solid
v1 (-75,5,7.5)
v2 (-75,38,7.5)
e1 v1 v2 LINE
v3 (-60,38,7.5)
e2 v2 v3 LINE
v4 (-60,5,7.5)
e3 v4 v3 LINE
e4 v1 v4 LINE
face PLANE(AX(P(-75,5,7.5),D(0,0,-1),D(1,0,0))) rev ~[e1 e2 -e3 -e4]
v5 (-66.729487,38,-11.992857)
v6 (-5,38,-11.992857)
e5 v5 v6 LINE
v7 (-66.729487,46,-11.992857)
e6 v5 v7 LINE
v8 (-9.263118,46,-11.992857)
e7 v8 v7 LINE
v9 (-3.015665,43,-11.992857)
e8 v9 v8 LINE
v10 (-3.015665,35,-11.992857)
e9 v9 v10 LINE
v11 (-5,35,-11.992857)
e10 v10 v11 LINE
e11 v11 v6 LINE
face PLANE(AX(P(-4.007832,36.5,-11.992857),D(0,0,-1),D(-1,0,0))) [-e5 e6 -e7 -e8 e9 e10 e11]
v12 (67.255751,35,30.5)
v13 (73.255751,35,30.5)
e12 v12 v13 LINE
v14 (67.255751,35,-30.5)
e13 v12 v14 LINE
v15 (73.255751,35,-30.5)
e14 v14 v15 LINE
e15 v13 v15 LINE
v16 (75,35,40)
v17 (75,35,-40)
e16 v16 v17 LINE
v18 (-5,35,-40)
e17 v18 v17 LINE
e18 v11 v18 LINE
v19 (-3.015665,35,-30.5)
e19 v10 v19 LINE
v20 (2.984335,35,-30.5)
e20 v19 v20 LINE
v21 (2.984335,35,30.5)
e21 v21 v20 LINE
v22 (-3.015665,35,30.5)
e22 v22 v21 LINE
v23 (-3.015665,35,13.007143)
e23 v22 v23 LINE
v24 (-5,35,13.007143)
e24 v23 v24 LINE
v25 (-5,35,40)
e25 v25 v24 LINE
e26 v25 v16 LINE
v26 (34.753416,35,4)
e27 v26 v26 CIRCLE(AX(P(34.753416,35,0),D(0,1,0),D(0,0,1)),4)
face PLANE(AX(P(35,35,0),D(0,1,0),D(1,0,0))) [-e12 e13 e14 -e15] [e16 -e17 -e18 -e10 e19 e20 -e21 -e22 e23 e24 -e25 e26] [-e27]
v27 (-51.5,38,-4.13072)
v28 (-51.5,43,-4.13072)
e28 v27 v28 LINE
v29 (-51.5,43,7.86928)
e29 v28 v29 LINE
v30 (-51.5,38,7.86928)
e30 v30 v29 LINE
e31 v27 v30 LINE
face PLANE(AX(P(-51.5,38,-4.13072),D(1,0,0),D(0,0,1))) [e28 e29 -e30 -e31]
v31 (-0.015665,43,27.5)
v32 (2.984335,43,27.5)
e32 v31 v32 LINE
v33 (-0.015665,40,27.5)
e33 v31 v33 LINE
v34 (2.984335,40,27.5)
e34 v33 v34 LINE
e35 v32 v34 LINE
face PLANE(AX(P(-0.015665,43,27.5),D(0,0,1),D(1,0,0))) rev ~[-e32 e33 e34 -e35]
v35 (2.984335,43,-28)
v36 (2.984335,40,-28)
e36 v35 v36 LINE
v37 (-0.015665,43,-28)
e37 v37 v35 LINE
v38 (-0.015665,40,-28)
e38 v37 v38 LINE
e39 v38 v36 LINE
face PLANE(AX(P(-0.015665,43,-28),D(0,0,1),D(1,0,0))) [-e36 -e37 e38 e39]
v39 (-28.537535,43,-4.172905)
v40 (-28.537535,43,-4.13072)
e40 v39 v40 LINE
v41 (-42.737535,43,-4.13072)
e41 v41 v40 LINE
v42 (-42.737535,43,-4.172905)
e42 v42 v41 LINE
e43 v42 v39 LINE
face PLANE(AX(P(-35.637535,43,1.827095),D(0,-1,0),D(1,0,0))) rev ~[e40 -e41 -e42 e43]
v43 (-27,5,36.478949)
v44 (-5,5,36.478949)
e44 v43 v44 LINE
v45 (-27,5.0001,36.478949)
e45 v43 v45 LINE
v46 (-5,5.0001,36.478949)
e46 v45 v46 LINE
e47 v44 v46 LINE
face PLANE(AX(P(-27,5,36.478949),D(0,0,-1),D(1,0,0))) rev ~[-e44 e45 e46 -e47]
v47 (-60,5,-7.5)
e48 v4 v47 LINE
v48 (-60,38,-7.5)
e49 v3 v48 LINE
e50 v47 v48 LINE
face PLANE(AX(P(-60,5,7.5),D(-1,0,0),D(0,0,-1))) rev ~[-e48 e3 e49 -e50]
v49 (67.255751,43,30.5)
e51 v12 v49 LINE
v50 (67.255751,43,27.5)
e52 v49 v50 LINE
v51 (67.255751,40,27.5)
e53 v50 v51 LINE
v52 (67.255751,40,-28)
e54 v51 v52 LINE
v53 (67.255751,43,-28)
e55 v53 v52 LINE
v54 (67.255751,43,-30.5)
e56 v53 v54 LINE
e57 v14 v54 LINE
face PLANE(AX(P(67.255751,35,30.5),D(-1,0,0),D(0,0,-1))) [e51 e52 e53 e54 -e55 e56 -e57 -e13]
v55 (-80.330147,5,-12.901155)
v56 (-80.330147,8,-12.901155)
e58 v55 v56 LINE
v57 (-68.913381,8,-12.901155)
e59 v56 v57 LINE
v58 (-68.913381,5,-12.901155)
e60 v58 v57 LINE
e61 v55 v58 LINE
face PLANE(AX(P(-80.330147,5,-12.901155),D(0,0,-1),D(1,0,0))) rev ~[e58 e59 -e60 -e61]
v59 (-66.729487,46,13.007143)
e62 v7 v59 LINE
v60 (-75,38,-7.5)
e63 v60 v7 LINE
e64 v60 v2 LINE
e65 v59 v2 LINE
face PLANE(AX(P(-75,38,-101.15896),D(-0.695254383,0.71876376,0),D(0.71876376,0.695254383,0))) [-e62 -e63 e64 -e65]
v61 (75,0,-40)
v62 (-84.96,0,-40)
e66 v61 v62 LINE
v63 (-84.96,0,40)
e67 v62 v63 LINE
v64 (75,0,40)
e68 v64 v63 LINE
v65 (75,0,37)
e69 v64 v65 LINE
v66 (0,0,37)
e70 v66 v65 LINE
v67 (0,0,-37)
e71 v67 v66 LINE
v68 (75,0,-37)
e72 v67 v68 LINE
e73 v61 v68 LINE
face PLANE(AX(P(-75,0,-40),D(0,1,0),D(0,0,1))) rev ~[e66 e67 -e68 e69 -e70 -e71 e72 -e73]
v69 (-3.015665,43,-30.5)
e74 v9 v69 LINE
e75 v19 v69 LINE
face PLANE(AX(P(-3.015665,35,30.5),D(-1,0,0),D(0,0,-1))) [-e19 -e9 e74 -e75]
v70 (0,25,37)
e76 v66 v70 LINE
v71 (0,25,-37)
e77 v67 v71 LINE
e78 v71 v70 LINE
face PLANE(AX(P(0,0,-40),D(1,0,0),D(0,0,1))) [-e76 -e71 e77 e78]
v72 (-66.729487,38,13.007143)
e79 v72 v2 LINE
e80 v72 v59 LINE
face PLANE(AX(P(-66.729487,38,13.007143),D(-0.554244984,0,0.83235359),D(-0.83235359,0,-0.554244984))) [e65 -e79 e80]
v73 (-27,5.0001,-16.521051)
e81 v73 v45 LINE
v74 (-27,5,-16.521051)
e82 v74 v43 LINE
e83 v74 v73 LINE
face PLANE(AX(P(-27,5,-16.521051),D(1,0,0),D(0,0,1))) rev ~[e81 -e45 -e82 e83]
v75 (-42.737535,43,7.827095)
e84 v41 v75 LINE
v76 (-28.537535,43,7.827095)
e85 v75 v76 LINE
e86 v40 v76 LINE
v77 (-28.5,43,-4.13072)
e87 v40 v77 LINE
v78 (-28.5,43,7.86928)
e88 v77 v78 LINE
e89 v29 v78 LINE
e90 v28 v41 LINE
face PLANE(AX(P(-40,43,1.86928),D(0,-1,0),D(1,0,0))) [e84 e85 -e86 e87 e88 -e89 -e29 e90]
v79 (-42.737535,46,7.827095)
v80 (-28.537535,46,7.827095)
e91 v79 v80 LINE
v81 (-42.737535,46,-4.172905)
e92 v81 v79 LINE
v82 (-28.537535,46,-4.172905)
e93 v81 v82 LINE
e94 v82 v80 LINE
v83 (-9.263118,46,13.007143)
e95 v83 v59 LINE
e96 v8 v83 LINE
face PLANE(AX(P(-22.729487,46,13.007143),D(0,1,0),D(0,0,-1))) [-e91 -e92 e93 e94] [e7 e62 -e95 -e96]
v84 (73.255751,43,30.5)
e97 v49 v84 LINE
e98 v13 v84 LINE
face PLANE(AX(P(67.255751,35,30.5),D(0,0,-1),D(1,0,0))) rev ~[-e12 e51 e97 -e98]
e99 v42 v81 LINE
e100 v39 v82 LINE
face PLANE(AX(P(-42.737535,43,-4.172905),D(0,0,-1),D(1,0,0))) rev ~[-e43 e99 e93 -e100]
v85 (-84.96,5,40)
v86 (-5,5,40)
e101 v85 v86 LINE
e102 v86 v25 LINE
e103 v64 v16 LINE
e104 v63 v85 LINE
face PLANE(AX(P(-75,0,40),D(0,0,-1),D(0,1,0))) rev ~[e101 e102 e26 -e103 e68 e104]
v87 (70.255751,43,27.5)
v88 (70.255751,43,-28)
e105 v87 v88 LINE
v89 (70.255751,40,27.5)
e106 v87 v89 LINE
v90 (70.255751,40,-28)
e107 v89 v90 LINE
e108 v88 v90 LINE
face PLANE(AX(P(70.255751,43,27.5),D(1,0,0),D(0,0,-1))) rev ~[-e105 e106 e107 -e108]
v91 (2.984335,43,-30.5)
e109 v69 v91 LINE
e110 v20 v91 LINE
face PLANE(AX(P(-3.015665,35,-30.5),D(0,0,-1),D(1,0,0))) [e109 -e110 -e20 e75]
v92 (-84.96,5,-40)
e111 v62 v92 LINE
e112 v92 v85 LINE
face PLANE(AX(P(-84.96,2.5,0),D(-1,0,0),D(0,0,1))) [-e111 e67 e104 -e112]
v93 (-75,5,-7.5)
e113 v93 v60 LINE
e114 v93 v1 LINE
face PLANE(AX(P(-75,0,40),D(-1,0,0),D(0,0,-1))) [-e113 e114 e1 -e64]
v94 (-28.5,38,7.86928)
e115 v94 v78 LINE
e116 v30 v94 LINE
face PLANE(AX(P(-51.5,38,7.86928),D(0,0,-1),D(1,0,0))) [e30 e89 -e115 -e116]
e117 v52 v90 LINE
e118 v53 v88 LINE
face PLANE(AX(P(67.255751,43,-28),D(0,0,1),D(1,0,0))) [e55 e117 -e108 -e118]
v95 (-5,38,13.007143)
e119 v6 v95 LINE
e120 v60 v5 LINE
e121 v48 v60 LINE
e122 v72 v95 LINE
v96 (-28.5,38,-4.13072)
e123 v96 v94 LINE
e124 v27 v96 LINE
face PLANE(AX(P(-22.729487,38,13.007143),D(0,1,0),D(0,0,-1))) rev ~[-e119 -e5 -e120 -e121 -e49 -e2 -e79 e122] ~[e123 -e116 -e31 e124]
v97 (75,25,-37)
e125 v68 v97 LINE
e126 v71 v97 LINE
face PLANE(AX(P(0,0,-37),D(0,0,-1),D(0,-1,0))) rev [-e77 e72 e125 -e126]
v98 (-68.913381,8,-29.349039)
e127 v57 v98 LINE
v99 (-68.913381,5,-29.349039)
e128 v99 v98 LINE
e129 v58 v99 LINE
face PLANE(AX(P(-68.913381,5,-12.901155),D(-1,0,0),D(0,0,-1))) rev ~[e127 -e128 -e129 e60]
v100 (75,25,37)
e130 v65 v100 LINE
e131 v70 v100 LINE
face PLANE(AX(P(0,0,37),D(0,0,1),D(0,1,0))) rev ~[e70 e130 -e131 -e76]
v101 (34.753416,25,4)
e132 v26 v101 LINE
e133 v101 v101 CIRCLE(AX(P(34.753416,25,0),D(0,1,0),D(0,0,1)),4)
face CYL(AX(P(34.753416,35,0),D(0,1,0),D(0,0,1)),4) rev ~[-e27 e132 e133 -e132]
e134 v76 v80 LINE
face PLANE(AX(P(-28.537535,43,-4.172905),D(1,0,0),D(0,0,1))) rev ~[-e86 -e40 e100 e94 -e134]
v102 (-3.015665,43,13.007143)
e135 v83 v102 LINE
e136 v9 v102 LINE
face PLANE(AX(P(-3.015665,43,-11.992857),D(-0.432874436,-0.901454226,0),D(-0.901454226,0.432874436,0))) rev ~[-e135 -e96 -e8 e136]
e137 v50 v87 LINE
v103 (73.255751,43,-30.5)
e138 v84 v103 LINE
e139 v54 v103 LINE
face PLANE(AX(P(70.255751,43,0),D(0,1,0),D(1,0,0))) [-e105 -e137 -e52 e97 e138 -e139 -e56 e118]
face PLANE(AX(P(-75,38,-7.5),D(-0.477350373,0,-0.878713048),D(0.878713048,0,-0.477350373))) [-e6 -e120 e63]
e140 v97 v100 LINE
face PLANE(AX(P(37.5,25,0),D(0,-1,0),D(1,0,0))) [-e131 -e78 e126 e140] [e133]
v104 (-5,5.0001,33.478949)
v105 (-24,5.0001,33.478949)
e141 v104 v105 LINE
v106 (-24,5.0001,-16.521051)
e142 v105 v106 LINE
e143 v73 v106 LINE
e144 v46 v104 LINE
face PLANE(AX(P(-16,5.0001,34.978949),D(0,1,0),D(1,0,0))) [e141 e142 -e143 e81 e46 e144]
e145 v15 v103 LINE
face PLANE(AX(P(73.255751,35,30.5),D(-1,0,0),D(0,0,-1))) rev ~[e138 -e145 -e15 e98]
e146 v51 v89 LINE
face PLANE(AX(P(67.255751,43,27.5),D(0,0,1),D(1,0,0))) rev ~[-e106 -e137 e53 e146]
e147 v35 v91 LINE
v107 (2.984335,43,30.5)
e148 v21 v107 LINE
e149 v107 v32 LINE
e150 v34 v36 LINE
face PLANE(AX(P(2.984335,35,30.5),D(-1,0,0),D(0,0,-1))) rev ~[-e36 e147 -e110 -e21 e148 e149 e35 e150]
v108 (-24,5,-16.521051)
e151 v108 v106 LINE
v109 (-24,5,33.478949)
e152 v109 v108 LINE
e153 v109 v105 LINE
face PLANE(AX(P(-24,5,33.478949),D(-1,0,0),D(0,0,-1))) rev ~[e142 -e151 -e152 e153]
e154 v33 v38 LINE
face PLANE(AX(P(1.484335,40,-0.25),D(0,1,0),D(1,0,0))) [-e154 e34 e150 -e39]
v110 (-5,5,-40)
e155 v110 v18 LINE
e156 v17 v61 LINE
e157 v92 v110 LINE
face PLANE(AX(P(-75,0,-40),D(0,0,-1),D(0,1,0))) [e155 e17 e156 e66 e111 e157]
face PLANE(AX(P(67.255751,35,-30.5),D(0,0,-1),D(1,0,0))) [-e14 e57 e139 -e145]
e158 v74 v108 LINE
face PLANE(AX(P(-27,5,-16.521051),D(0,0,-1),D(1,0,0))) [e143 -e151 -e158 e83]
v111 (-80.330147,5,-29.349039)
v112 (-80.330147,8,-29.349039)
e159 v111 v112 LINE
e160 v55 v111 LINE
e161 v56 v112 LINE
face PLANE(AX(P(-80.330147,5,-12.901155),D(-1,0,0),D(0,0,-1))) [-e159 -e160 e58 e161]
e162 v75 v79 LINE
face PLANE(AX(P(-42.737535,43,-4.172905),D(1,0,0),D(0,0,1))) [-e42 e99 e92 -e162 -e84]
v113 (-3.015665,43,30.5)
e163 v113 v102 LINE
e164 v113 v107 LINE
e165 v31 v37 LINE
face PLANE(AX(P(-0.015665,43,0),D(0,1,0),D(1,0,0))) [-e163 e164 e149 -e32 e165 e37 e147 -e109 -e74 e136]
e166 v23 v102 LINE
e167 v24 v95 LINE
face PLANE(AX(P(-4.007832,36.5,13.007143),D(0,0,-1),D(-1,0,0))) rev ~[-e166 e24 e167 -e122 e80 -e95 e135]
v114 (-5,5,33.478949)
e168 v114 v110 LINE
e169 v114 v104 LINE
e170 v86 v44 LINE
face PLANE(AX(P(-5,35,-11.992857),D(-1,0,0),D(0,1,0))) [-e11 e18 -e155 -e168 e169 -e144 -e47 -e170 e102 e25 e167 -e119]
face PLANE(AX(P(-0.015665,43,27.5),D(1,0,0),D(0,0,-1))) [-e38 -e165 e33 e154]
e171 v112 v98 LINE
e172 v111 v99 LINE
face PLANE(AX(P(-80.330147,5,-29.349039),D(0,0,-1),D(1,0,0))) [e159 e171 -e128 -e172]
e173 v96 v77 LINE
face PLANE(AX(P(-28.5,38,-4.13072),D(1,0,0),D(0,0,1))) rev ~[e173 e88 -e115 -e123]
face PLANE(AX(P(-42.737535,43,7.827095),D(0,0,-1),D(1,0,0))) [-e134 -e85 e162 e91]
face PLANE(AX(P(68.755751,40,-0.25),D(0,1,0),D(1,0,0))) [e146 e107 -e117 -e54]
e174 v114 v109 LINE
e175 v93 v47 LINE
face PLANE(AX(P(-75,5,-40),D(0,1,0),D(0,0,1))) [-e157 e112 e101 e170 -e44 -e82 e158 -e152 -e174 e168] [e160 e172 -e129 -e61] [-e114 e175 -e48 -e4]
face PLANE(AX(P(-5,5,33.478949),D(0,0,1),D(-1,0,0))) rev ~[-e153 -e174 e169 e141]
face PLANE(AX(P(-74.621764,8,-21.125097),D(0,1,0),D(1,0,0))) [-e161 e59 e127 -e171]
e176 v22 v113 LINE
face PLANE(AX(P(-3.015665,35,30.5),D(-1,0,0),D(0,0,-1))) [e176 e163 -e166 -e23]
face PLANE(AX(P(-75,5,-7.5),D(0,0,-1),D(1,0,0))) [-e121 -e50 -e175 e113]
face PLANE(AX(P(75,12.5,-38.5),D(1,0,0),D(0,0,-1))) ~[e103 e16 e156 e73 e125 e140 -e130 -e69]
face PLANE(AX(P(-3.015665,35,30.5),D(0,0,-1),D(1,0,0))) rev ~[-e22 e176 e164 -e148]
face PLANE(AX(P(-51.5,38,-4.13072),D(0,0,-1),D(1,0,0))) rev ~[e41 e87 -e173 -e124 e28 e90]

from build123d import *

# Parameters (mm, degrees)
ESQUISSE1_W                  = 150
ESQUISSE1_H                  = 80
BOSS_EXTRU_1_DEPTH           = 5
ESQUISSE2_W                  = 80
ESQUISSE2_H                  = 80
BOSS_EXTRU_2_DEPTH           = 30
ESQUISSE3_W                  = 75
ESQUISSE3_H                  = 80
ENL_V_MAT_EXTRU_1_DEPTH      = 25
ESQUISSE6_R                  = 4
ENL_V_MAT_EXTRU_2_DEPTH      = 40
ESQUISSE7_W                  = 6
ESQUISSE7_H                  = 61
BOSS_EXTRU_3_DEPTH           = 8
ESQUISSE9_W                  = 3
ESQUISSE9_H                  = 50
BOSS_EXTRU_4_DEPTH           = 0.0001
ESQUISSE10_W                 = 3
ESQUISSE10_H                 = 55.5
ENL_V_MAT_EXTRU_3_DEPTH      = 3
ESQUISSE11_W                 = 3
ESQUISSE11_H                 = 55.5
ENL_V_MAT_EXTRU_4_DEPTH      = 3
ESQUISSE12_W                 = 15
ESQUISSE12_H                 = 15
BOSS_EXTRU_5_DEPTH           = 40
BOSS_EXTRU_6_DEPTH           = 1
BOSS_EXTRU_6_DEPTH_BACK      = 7
ESQUISSE13_W                 = 44
ESQUISSE13_H                 = 25
BOSS_EXTRU_7_DEPTH           = 1
BOSS_EXTRU_7_DEPTH_BACK      = 7
ESQUISSE16_W                 = 23
ESQUISSE16_H                 = 12
ENL_V_MAT_EXTRU_5_DEPTH      = 5
ESQUISSE18_W                 = 14.2
ESQUISSE18_H                 = 12
ENL_V_MAT_EXTRU_7_DEPTH      = 5
ESQUISSE19_W                 = 25
ESQUISSE19_H                 = 8
BOSS_EXTRU_8_DEPTH           = 20
ENL_V_MAT_EXTRU_8_DEPTH      = 103.197148685
ESQUISSE21_W                 = 1.984335448
ESQUISSE21_H                 = 3
BOSS_EXTRU_9_DEPTH           = 25
ESQUISSE22_W                 = 3
ESQUISSE22_H                 = 25
BOSS_EXTRU_10_DEPTH          = 75
ESQUISSE23_W                 = 80
ESQUISSE23_H                 = 5
BOSS_EXTRU_11_DEPTH          = 9.96
ESQUISSE24_W                 = 11.416766346
ESQUISSE24_H                 = 16.447883718
BOSS_EXTRU_12_DEPTH          = 3
ENL_V_MAT_EXTRU_9_DEPTH      = 108.658959683
ENL_V_MAT_EXTRU_9_DEPTH_BACK = 108.658959683


with BuildPart() as part:
    # Esquisse1 → Boss.-Extru.1 (new body)
    with BuildSketch(Plane(origin=(0, 0, 0), x_dir=(1, 0, 0), z_dir=(0, 1, 0))):
        Rectangle(ESQUISSE1_W, ESQUISSE1_H)
    extrude(amount=BOSS_EXTRU_1_DEPTH)

    # Esquisse2 → Boss.-Extru.2 (add)
    with BuildSketch(Plane(origin=(0, 5, 0), x_dir=(1, 0, 0), z_dir=(0, 1, 0))):
        with Locations((35, 0)):
            Rectangle(ESQUISSE2_W, ESQUISSE2_H)
    extrude(amount=BOSS_EXTRU_2_DEPTH)

    # Esquisse3 → Enlèv. mat.-Extru.1 (cut)
    with BuildSketch(Plane.XZ):
        with Locations((37.5, 0)):
            Rectangle(ESQUISSE3_W, ESQUISSE3_H)
    extrude(amount=-ENL_V_MAT_EXTRU_1_DEPTH, mode=Mode.SUBTRACT)

    # Esquisse6 → Enlèv. mat.-Extru.2 (cut)
    with BuildSketch(Plane(origin=(0, 35, 0), x_dir=(1, 0, 0), z_dir=(0, 1, 0))):
        with Locations(Location((34.753416048, 0, 0), (0, 0, 270))):
            Circle(ESQUISSE6_R)
    extrude(amount=-ENL_V_MAT_EXTRU_2_DEPTH, mode=Mode.SUBTRACT)

    # Esquisse7 → Boss.-Extru.3 (add)
    with BuildSketch(Plane(origin=(0, 35, 0), x_dir=(1, 0, 0), z_dir=(0, 1, 0))):
        with Locations((-0.015664552, 0)):
            Rectangle(ESQUISSE7_W, ESQUISSE7_H)
        with Locations((70.25575127, 0)):
            Rectangle(ESQUISSE7_W, ESQUISSE7_H)
    extrude(amount=BOSS_EXTRU_3_DEPTH)

    # Esquisse9 → Boss.-Extru.4 (add)
    with BuildSketch(Plane(origin=(0, 5, 0), x_dir=(1, 0, 0), z_dir=(0, 1, 0))):
        Polygon((-27, -36.47894853), (-5, -36.47894853), (-5, -33.47894853), (-24, -33.47894853), (-27, -33.47894853), align=None)
        with Locations((-25.5, -8.47894853)):
            Rectangle(ESQUISSE9_W, ESQUISSE9_H)
    extrude(amount=BOSS_EXTRU_4_DEPTH)

    # Esquisse10 → Enlèv. mat.-Extru.3 (cut)
    with BuildSketch(Plane(origin=(0, 43, 0), x_dir=(1, 0, 0), z_dir=(0, 1, 0))):
        with Locations((1.484335448, 0.25)):
            Rectangle(ESQUISSE10_W, ESQUISSE10_H)
    extrude(amount=-ENL_V_MAT_EXTRU_3_DEPTH, mode=Mode.SUBTRACT)

    # Esquisse11 → Enlèv. mat.-Extru.4 (cut)
    with BuildSketch(Plane(origin=(0, 43, 0), x_dir=(1, 0, 0), z_dir=(0, 1, 0))):
        with Locations((68.75575127, 0.25)):
            Rectangle(ESQUISSE11_W, ESQUISSE11_H)
    extrude(amount=-ENL_V_MAT_EXTRU_4_DEPTH, mode=Mode.SUBTRACT)

    # Esquisse12 → Boss.-Extru.5 (add)
    with BuildSketch(Plane(origin=(0, 5, 0), x_dir=(1, 0, 0), z_dir=(0, 1, 0))):
        with Locations((-67.5, 0)):
            Rectangle(ESQUISSE12_W, ESQUISSE12_H)
    extrude(amount=BOSS_EXTRU_5_DEPTH)

    # Esquisse13 → Boss.-Extru.6 (add, two sides: drawn at the far end of the back side and taken through both)
    with BuildSketch(Plane(origin=(0, 45, 0), x_dir=(1, 0, 0), z_dir=(0, 1, 0)).offset(-BOSS_EXTRU_6_DEPTH_BACK)):
        with Locations((-44.729487472, -0.507142805)):
            Rectangle(ESQUISSE13_W, ESQUISSE13_H)
    extrude(amount=BOSS_EXTRU_6_DEPTH + BOSS_EXTRU_6_DEPTH_BACK)

    # Esquisse14 → Boss.-Extru.7 (add, two sides: drawn at the far end of the back side and taken through both)
    with BuildSketch(Plane(origin=(0, 45, 0), x_dir=(1, 0, 0), z_dir=(0, 1, 0)).offset(-BOSS_EXTRU_7_DEPTH_BACK)):
        Polygon((-66.729487472, -13.007142805), (-75, -7.5), (-75, 7.5), (-66.729487472, 11.992857195), align=None)
    extrude(amount=BOSS_EXTRU_7_DEPTH + BOSS_EXTRU_7_DEPTH_BACK)

    # Esquisse16 → Enlèv. mat.-Extru.5 (cut)
    with BuildSketch(Plane.XZ.offset(-38)):
        with Locations((-40, 1.869279691)):
            Rectangle(ESQUISSE16_W, ESQUISSE16_H)
    extrude(amount=-ENL_V_MAT_EXTRU_5_DEPTH, mode=Mode.SUBTRACT)

    # Esquisse18 → Enlèv. mat.-Extru.7 (cut)
    with BuildSketch(Plane.XZ.offset(-43)):
        with Locations((-35.637534585, 1.827095349)):
            Rectangle(ESQUISSE18_W, ESQUISSE18_H)
    extrude(amount=-ENL_V_MAT_EXTRU_7_DEPTH, mode=Mode.SUBTRACT)

    # Esquisse19 → Boss.-Extru.8 (add)
    with BuildSketch(Plane(origin=(-22.729487472, 0, 0), x_dir=(0, 0, -1), z_dir=(1, 0, 0))):
        with Locations((-0.507142805, 42)):
            Rectangle(ESQUISSE19_W, ESQUISSE19_H)
    extrude(amount=BOSS_EXTRU_8_DEPTH)

    # Esquisse20 → Enlèv. mat.-Extru.8 (cut, through all)
    with BuildSketch(Plane(origin=(0, 0, -11.992857195), x_dir=(-1, 0, 0), z_dir=(0, 0, -1))):
        Polygon((3.015664552, 43), (9.263117513, 46), (2.729487472, 46), (2.729487472, 43), align=None)
    extrude(amount=-ENL_V_MAT_EXTRU_8_DEPTH, mode=Mode.SUBTRACT)

    # Esquisse21 → Boss.-Extru.9 (add)
    with BuildSketch(Plane(origin=(0, 0, -11.992857195), x_dir=(-1, 0, 0), z_dir=(0, 0, -1))):
        with Locations((4.007832276, 36.5)):
            Rectangle(ESQUISSE21_W, ESQUISSE21_H)
    extrude(amount=-BOSS_EXTRU_9_DEPTH)

    # Esquisse22 → Boss.-Extru.10 (add)
    with BuildSketch(Plane(origin=(0, 0, 0), x_dir=(0, 0, -1), z_dir=(1, 0, 0))):
        with Locations((-38.5, 12.5)):
            Rectangle(ESQUISSE22_W, ESQUISSE22_H)
    boss_extru_10 = extrude(amount=BOSS_EXTRU_10_DEPTH)

    # Symétrie1: Boss.-Extru.10 across plane
    add(boss_extru_10.mirror(Plane.XY))

    # Esquisse23 → Boss.-Extru.11 (add)
    with BuildSketch(Plane.ZY.offset(75)):
        with Locations((0, 2.5)):
            Rectangle(ESQUISSE23_W, ESQUISSE23_H)
    extrude(amount=BOSS_EXTRU_11_DEPTH)

    # Esquisse24 → Boss.-Extru.12 (add)
    with BuildSketch(Plane(origin=(0, 5, 4.193760708), x_dir=(1, 0, 0), z_dir=(0, 1, 0))):
        with Locations((-74.621764305, 25.318857606)):
            Rectangle(ESQUISSE24_W, ESQUISSE24_H)
    extrude(amount=BOSS_EXTRU_12_DEPTH)

    # Esquisse25 → Enlèv. mat.-Extru.9 (cut, two sides: drawn at the far end of the back side and taken through both)
    with BuildSketch(Plane.XY.offset(7.5).offset(-ENL_V_MAT_EXTRU_9_DEPTH_BACK)):
        Polygon((-304.628474167, -184.117769245), (-75, 38), (-66.729487472, 46), (162.898986696, 268.117769245), (-281.336551795, 727.37471758), (-748.864012658, 275.139179089), align=None)
    extrude(amount=ENL_V_MAT_EXTRU_9_DEPTH + ENL_V_MAT_EXTRU_9_DEPTH_BACK, mode=Mode.SUBTRACT)


solid = part.part
